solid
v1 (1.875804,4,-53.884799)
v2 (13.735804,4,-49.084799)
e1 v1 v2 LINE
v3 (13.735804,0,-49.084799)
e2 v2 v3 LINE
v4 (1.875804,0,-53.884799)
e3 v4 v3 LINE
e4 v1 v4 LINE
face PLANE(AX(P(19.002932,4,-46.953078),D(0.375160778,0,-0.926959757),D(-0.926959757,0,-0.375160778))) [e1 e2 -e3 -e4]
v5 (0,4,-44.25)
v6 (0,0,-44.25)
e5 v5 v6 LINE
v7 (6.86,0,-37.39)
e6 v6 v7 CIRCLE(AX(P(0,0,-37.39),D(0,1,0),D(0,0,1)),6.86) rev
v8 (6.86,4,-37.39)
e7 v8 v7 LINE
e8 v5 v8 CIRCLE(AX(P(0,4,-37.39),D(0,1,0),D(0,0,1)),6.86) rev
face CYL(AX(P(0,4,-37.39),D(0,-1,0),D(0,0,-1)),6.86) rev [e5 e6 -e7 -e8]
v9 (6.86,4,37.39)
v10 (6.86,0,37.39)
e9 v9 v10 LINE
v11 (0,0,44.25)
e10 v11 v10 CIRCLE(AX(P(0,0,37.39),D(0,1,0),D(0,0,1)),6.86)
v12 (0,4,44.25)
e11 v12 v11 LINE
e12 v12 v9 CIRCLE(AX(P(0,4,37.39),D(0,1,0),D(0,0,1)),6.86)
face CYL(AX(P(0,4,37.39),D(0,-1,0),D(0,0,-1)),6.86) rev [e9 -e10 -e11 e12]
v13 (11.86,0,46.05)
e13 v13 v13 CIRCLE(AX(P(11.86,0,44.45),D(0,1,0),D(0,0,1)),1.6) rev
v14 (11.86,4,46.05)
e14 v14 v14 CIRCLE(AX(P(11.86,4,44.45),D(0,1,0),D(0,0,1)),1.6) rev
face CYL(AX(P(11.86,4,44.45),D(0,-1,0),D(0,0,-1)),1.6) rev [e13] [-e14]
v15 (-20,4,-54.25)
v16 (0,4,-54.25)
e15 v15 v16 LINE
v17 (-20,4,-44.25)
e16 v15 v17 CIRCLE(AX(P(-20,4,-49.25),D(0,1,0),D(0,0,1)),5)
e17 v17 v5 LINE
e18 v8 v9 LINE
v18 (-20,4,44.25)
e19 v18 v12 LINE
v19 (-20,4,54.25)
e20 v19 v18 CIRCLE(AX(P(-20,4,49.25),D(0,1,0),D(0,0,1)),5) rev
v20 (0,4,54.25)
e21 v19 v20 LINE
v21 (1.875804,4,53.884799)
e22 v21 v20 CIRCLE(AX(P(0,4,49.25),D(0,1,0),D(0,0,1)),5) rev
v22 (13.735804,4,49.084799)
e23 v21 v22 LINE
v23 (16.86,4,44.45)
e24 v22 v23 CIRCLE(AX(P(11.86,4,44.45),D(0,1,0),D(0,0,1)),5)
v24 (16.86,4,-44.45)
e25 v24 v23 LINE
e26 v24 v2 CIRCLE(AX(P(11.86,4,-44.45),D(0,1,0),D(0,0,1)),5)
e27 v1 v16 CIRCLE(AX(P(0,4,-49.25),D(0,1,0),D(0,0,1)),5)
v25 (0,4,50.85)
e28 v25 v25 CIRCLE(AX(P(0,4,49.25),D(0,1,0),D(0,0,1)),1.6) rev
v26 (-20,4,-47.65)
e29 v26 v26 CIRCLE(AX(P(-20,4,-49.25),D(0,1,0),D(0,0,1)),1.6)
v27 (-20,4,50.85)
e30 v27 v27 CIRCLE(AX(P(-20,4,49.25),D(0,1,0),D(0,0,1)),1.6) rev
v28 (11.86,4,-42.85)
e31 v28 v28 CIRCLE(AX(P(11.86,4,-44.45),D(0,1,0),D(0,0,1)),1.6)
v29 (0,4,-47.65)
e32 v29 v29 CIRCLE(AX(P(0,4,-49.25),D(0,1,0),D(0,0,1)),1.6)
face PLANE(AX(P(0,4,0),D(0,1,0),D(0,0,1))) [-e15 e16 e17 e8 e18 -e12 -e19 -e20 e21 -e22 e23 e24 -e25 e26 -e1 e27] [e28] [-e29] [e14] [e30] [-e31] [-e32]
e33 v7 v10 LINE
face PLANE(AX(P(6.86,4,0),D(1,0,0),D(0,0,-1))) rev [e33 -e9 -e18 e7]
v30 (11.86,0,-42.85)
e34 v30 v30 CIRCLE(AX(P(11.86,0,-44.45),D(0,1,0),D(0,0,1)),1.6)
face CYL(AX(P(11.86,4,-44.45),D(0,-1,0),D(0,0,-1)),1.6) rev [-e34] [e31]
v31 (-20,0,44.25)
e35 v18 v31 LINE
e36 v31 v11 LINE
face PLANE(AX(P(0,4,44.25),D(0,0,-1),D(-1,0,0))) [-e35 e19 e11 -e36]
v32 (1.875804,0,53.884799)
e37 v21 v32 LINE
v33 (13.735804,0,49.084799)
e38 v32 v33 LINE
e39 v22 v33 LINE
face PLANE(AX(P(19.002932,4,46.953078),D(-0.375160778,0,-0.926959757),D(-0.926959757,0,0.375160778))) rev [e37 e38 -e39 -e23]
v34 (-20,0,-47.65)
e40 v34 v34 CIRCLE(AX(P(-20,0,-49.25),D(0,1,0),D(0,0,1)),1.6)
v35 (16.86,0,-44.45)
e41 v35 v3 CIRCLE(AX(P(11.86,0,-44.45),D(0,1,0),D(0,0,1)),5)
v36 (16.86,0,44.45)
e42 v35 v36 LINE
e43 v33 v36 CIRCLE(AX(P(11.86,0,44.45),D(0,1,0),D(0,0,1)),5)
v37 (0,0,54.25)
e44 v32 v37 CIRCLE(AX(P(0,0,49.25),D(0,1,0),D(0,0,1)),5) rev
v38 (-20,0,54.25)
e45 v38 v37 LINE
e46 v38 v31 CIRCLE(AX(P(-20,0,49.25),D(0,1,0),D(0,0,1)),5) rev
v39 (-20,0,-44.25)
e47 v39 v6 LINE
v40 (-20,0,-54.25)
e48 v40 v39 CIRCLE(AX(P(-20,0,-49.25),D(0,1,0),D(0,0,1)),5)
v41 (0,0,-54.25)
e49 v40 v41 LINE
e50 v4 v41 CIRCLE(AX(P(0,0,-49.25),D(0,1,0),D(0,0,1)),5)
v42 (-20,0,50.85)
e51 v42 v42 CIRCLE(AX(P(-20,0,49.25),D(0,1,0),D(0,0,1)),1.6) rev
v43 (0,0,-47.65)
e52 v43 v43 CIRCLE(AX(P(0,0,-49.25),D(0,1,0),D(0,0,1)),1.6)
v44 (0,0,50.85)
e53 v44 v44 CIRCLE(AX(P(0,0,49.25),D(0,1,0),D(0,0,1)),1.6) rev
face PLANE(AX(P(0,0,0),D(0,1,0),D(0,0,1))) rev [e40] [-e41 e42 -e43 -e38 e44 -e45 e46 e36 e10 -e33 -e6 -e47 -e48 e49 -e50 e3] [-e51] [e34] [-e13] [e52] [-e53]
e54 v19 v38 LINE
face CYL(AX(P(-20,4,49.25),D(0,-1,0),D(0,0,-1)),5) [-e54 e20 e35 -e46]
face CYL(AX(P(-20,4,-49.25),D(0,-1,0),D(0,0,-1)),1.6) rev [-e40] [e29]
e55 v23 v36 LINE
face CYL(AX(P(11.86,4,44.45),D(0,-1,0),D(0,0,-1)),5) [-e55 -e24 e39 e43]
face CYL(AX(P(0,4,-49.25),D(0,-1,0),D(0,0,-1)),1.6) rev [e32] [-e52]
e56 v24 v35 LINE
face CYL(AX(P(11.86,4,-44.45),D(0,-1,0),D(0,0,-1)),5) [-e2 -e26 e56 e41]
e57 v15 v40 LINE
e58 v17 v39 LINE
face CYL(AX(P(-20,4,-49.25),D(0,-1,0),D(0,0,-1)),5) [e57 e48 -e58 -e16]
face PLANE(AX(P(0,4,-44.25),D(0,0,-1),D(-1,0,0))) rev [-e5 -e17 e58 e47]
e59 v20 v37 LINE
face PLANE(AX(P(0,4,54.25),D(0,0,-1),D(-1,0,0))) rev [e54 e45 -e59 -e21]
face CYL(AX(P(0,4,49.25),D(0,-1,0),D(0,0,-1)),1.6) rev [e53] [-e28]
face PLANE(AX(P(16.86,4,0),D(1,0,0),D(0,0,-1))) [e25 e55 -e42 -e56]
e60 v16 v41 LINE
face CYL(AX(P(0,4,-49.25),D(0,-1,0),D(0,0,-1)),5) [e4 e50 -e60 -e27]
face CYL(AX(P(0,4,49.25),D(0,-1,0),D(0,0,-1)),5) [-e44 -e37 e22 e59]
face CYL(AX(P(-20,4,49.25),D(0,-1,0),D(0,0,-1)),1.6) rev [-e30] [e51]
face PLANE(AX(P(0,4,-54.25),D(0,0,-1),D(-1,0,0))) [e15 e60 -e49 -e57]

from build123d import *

# Parameters (mm, degrees)
SKETCH1_R           = 1.6
BOSS_EXTRUDE1_DEPTH = 4


with BuildPart() as part:
    # Sketch1 → Boss-Extrude1 (new body)
    # profile 1 of 5: a face of its own
    with BuildSketch(Plane(origin=(0, 0, 0), x_dir=(1, 0, 0), z_dir=(0, 1, 0))):
        with BuildLine():
            Line((-20, 44.25), (0, 44.25))
            ThreePointArc((0, 44.25), (5, 49.25), (0, 54.25))
            Line((0, 54.25), (-20, 54.25))
            ThreePointArc((-20, 54.25), (-25, 49.25), (-20, 44.25))
        make_face()
        with Locations(Location((0, 49.25, 0), (0, 0, 270))):
            Circle(SKETCH1_R, mode=Mode.SUBTRACT)
        with Locations(Location((-20, 49.25, 0), (0, 0, 270))):
            Circle(SKETCH1_R, mode=Mode.SUBTRACT)
    # profile 2 of 5: a face of its own
    with BuildSketch(Plane(origin=(0, 0, 0), x_dir=(1, 0, 0), z_dir=(0, 1, 0))):
        with BuildLine():
            Line((13.735803892, 49.084798783), (1.875803892, 53.884798783))
            ThreePointArc((1.875803892, 53.884798783), (4.907850544, 48.294488073), (0, 44.25))
            ThreePointArc((0, 44.25), (4.850752519, 42.240752519), (6.86, 37.39))
            Line((6.86, 37.39), (6.86, 44.45))
            ThreePointArc((6.86, 44.45), (9.065274563, 48.596023363), (13.735803892, 49.084798783))
        make_face()
    # profile 3 of 5: a face of its own
    with BuildSketch(Plane(origin=(0, 0, 0), x_dir=(1, 0, 0), z_dir=(0, 1, 0))):
        with BuildLine():
            ThreePointArc((6.86, -44.45), (11.86, -49.45), (16.86, -44.45))
            Line((16.86, -44.45), (16.86, 44.45))
            ThreePointArc((16.86, 44.45), (11.86, 49.45), (6.86, 44.45))
            Line((6.86, 44.45), (6.86, -44.45))
        make_face()
        with Locations(Location((11.86, -44.45, 0), (0, 0, 270))):
            Circle(SKETCH1_R, mode=Mode.SUBTRACT)
        with Locations(Location((11.86, 44.45, 0), (0, 0, 270))):
            Circle(SKETCH1_R, mode=Mode.SUBTRACT)
    # profile 4 of 5: a face of its own
    with BuildSketch(Plane(origin=(0, 0, 0), x_dir=(1, 0, 0), z_dir=(0, 1, 0))):
        with BuildLine():
            ThreePointArc((0, -44.25), (5, -49.25), (0, -54.25))
            Line((0, -54.25), (-20, -54.25))
            ThreePointArc((-20, -54.25), (-25, -49.25), (-20, -44.25))
            Line((-20, -44.25), (0, -44.25))
        make_face()
        with Locations(Location((-20, -49.25, 0), (0, 0, 270))):
            Circle(SKETCH1_R, mode=Mode.SUBTRACT)
        with Locations(Location((0, -49.25, 0), (0, 0, 270))):
            Circle(SKETCH1_R, mode=Mode.SUBTRACT)
    # profile 5 of 5: a face of its own
    with BuildSketch(Plane(origin=(0, 0, 0), x_dir=(1, 0, 0), z_dir=(0, 1, 0))):
        with BuildLine():
            Line((6.86, -44.45), (6.86, -37.39))
            ThreePointArc((6.86, -37.39), (4.850752519, -42.240752519), (0, -44.25))
            ThreePointArc((0, -44.25), (4.907850544, -48.294488073), (1.875803892, -53.884798783))
            Line((1.875803892, -53.884798783), (13.735803892, -49.084798783))
            ThreePointArc((13.735803892, -49.084798783), (9.065274563, -48.596023363), (6.86, -44.45))
        make_face()
    extrude(amount=BOSS_EXTRUDE1_DEPTH)


solid = part.part
